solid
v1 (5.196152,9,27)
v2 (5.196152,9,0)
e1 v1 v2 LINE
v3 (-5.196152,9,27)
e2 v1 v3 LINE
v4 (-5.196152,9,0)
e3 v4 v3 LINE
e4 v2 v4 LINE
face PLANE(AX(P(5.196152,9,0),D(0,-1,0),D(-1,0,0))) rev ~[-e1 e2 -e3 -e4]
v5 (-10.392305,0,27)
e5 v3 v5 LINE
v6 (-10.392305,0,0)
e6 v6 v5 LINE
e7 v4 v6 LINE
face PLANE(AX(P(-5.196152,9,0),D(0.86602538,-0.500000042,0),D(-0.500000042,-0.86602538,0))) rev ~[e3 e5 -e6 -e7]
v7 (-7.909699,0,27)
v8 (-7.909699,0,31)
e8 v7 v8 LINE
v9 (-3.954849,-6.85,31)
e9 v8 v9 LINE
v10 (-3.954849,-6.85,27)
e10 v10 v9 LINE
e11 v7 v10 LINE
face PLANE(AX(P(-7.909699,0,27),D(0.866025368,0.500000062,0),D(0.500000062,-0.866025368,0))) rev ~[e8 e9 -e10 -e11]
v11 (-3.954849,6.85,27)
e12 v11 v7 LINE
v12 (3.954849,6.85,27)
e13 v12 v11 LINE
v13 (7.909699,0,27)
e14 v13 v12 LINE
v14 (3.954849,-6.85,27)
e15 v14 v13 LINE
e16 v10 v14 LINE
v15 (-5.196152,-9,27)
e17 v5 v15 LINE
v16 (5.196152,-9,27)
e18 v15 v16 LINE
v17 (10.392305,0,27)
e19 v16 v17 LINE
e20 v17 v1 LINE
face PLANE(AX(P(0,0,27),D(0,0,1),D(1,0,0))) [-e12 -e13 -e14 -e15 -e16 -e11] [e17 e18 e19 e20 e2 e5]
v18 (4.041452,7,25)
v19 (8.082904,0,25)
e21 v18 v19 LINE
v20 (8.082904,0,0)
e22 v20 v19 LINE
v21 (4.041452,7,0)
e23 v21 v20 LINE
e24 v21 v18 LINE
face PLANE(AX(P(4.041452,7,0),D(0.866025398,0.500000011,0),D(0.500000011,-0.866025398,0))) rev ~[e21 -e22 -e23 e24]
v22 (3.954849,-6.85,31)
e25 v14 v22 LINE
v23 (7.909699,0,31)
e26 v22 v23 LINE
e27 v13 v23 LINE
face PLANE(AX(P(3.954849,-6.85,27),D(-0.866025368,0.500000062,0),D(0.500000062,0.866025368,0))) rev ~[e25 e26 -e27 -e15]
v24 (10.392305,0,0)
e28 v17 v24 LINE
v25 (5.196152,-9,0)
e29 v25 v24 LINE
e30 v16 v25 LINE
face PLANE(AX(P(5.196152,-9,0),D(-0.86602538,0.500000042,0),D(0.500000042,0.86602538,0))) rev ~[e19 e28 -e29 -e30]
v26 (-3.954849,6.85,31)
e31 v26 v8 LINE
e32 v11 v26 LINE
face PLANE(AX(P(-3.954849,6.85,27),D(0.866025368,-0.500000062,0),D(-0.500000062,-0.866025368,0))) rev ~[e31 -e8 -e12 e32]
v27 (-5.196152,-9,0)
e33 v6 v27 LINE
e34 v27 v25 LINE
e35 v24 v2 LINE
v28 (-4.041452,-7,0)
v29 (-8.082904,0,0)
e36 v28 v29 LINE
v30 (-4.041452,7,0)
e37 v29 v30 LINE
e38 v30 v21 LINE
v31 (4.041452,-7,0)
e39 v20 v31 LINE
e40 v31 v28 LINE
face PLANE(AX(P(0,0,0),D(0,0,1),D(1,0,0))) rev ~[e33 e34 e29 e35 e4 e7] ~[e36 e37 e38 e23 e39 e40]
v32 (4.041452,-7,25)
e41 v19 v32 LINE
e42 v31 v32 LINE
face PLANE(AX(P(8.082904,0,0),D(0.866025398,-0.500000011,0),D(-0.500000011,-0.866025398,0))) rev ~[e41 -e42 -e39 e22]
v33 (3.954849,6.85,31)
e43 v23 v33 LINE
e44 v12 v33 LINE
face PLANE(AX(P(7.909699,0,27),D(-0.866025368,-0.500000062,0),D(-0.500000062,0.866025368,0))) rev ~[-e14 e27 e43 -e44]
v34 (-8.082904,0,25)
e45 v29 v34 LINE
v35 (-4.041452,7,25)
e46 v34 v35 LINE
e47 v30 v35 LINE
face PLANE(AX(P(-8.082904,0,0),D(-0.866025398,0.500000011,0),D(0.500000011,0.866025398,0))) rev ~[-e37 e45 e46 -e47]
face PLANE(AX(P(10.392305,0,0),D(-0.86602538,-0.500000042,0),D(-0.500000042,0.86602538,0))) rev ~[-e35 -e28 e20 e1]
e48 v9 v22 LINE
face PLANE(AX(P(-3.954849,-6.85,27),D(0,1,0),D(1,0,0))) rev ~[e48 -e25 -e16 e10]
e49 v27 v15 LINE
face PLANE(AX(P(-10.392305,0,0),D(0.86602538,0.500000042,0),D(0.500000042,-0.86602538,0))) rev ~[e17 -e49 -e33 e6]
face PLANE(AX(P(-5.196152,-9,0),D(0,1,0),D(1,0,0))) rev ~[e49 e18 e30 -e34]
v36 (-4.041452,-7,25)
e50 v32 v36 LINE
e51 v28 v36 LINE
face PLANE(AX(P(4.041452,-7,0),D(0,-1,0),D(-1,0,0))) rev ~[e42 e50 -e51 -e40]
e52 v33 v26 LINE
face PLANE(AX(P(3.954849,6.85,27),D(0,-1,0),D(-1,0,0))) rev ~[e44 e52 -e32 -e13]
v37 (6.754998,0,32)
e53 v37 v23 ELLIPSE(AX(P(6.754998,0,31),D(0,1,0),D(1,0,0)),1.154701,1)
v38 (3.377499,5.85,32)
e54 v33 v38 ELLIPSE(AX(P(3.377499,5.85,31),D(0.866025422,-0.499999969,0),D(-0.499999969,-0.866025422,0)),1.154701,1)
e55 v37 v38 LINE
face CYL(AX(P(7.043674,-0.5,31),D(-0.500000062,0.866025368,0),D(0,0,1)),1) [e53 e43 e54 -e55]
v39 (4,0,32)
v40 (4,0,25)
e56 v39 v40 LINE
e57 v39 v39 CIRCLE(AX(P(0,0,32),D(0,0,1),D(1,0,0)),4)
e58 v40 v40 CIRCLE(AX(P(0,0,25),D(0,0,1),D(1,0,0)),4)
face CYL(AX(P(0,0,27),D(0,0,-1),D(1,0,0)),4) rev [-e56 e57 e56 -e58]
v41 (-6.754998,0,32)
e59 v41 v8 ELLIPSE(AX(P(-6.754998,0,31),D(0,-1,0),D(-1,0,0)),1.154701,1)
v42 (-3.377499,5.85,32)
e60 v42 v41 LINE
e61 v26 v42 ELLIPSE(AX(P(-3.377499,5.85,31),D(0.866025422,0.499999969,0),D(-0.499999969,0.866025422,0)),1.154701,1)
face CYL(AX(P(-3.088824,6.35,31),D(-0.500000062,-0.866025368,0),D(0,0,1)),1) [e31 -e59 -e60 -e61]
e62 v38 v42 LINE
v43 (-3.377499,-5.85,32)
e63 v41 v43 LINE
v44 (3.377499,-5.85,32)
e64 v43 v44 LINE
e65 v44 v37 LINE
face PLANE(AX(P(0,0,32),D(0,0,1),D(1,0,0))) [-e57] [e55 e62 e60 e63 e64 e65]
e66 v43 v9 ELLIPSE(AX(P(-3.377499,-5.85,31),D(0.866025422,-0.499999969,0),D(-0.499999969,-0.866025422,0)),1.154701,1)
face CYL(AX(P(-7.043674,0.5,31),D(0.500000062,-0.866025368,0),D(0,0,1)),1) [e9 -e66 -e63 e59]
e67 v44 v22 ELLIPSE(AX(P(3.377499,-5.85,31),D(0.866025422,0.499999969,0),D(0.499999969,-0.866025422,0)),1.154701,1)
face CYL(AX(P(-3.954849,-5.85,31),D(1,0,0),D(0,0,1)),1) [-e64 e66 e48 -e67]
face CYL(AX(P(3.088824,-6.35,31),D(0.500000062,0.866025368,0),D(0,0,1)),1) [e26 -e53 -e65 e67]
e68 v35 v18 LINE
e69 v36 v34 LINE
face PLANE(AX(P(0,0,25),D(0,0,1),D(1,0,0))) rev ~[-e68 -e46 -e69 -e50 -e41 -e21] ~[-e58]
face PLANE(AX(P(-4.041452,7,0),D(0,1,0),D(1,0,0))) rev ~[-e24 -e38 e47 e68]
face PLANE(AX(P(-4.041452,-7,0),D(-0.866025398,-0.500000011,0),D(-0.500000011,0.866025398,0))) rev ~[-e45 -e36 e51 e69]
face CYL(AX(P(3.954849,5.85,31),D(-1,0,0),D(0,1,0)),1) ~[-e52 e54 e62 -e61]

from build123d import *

# Parameters (mm, degrees)
F1_DEPTH = 27
F2_R     = 4
F3_DEPTH = 2
F4_R     = 4
F5_DEPTH = 5
F6_R     = 1


with BuildPart() as f1:
    # F0 (on Top) → F1 (new body)
    with BuildSketch(Plane.XY):
        Polygon((5.196152, 9), (-5.196152, 9), (-10.392305, 0), (-5.196152, -9), (5.196152, -9), (10.392305, 0), align=None)
        Polygon((-8.082904, 0), (-4.041452, 7), (4.041452, 7), (8.082904, 0), (4.041452, -7), (-4.041452, -7), align=None, mode=Mode.SUBTRACT)
    extrude(amount=F1_DEPTH)

    # F2 (on face) → F3 (join)
    with BuildSketch(Plane.XY.offset(27)):
        Polygon((5.196152, 9), (-5.196152, 9), (-10.392305, 0), (-5.196152, -9), (5.196152, -9), (10.392305, 0), align=None)
        Circle(F2_R, mode=Mode.SUBTRACT)
    extrude(amount=-F3_DEPTH)

    # F4 (on face) → F5 (join)
    with BuildSketch(Plane.XY.offset(27)):
        Polygon((3.954849, 6.85), (-3.954849, 6.85), (-7.909699, 0), (-3.954849, -6.85), (3.954849, -6.85), (7.909699, 0), align=None)
        Circle(F4_R, mode=Mode.SUBTRACT)
    extrude(amount=F5_DEPTH)

    # F6
    f6_edges = [f1.edges().sort_by_distance(p)[0] for p in [
        (0, 6.85, 32),
        (-5.932274, 3.425, 32),
        (-5.932274, -3.425, 32),
        (0, -6.85, 32),
        (5.932274, -3.425, 32),
        (5.932274, 3.425, 32),
    ]]
    fillet(f6_edges, radius=F6_R)


solid = f1.part
